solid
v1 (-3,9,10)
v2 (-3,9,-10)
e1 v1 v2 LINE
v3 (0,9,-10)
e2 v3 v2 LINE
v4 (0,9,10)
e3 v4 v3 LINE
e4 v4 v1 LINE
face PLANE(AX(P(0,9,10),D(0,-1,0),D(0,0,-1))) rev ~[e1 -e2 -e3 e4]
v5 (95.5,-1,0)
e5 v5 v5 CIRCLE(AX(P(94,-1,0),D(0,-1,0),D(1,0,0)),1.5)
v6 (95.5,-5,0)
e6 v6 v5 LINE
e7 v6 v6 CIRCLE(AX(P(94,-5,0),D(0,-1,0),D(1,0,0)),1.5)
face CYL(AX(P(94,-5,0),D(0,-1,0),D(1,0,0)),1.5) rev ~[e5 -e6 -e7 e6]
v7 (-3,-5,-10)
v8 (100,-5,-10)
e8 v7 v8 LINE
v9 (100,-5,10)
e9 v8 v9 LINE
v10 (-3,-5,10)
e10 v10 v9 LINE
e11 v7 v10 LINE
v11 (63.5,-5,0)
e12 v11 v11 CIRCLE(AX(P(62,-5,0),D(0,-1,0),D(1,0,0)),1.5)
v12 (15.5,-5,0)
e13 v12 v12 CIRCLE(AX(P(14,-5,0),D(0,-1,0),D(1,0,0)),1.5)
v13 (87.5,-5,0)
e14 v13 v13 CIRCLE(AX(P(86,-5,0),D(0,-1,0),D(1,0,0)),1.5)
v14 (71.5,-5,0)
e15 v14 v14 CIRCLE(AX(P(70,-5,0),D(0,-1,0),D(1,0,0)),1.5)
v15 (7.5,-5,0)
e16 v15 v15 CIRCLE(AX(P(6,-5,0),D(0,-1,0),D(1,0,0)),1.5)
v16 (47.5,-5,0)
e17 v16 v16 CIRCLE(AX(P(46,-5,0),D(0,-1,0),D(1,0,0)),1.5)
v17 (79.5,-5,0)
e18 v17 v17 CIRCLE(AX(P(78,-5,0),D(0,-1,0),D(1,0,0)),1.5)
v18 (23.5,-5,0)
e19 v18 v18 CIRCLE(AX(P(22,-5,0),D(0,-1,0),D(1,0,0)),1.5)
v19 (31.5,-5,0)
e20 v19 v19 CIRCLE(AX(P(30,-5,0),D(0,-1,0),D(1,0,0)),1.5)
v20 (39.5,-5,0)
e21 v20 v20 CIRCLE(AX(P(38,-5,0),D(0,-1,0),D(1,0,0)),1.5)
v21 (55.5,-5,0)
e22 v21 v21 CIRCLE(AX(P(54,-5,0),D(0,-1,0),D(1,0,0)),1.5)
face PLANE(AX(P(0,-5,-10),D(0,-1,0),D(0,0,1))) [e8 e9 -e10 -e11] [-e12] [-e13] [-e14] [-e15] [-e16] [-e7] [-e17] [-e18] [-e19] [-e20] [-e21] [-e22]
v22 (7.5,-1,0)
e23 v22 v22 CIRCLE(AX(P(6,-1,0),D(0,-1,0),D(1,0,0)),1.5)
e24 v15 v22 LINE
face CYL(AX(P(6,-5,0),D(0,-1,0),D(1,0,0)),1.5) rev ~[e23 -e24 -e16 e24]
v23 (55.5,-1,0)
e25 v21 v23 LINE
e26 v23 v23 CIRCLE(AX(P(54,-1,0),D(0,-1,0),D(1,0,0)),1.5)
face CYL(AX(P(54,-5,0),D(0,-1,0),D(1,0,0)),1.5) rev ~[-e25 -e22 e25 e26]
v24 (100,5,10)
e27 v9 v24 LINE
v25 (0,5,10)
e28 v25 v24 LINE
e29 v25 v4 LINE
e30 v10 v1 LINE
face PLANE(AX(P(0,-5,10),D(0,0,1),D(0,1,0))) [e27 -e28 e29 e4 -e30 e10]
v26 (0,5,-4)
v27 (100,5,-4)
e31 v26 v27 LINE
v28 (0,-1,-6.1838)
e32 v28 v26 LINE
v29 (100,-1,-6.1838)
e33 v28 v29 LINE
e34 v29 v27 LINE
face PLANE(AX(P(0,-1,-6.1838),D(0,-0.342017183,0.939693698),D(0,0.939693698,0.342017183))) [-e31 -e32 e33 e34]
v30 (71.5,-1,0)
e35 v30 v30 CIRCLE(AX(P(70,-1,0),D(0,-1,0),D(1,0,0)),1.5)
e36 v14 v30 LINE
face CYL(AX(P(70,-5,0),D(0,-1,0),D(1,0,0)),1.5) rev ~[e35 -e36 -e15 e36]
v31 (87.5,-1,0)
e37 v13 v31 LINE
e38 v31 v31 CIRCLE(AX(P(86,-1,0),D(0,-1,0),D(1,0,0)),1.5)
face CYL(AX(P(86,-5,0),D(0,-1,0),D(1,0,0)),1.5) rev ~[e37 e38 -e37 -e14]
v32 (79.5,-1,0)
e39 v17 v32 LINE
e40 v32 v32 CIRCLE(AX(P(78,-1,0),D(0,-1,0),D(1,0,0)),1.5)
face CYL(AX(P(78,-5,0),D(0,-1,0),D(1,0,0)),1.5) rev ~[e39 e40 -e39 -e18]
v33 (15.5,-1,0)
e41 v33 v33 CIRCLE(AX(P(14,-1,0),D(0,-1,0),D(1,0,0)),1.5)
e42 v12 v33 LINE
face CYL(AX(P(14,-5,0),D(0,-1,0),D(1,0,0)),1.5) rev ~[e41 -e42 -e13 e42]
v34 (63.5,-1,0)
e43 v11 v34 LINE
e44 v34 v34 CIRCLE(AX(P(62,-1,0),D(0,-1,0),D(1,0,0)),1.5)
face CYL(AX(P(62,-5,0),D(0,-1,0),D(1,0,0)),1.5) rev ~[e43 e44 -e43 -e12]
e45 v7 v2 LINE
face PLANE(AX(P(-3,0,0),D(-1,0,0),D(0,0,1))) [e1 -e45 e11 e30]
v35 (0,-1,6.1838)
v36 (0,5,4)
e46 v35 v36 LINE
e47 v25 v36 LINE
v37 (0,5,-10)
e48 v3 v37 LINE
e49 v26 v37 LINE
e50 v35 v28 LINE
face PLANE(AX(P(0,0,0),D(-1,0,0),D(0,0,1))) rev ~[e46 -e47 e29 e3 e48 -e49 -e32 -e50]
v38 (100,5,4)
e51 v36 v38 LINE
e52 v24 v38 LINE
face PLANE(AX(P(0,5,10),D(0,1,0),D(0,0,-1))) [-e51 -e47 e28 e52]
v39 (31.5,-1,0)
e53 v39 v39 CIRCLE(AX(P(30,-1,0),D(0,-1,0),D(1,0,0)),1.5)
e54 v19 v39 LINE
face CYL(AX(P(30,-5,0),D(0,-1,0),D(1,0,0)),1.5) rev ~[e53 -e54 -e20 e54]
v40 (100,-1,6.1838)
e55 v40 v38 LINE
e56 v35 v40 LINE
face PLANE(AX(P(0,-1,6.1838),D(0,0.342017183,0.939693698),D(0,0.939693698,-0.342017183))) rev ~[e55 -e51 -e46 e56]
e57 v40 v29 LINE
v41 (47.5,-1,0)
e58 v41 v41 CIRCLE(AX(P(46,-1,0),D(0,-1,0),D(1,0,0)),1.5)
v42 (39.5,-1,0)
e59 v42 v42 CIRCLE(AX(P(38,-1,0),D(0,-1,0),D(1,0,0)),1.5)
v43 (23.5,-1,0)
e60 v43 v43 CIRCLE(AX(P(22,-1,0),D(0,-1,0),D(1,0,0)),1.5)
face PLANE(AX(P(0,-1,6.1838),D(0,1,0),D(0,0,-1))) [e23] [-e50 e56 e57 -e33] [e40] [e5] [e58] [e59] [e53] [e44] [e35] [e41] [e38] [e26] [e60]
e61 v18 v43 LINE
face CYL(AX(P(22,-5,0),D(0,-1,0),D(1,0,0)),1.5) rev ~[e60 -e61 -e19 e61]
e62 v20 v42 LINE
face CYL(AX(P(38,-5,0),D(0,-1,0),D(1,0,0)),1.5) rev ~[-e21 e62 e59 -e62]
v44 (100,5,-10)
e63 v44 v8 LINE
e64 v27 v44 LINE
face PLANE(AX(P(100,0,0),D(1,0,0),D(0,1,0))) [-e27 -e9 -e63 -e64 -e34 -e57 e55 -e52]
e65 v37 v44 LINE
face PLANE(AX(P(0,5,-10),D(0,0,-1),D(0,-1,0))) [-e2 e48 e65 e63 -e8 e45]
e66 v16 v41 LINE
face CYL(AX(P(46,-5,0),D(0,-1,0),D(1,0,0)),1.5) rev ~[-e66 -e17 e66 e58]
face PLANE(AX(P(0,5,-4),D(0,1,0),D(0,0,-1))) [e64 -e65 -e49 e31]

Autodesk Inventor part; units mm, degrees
ref_plane "YZ Plane" through (0, 0, 0) normal (1, 0, 0) x (0, 1, 0)
ref_plane "XZ Plane" through (0, 0, 0) normal (0, 1, 0) x (-1, 0, 0)
ref_plane "XY Plane" through (0, 0, 0) normal (0, 0, 1) x (1, 0, 0)
sketch "Sketch1" plane through (0, 0, 0) normal (1, 0, 0) x (0, 1, 0)
  line L0 (-5, 10) -> (5, 10)
  line L1 (5, 10) -> (5, -10)
  line L2 (5, -10) -> (-5, -10)
  line L3 (-5, -10) -> (-5, 10)
  line L4 (-5, 10) -> (5, -10) construction
  line L5 (5, 10) -> (-5, -10) construction
  line L6 (-1, 6.1838) -> (-1, -6.1838)
  line L7 (-1, -6.1838) -> (5, -4)
  line L8 (-1, 6.1838) -> (5, 4)
  point P0 (0, 0)
  dimension "d0" = 10
  dimension "d1" = 20
  dimension "d3" = 110
  dimension "d4" = 110
  dimension "d5" = 6
  dimension "d6" = 6
  dimension "d7" = 6
  dimension "d8" = 6
extrude "Extrusion1" add sketch "Sketch1" along normal blind 100 contours L0 L1 L8 L6 L7 L2 L3
sketch "Sketch2" plane through (0, 0, 0) normal (-1, 0, 0) x (0, 0, 1)
  line L0 (-10, -5) -> (-10, 5) projected
  line L1 (-10, -5) -> (10, -5)
  line L2 (10, -5) -> (10, 9)
  line L3 (10, 9) -> (-10, 9)
  line L4 (-10, 9) -> (-10, -5)
  point P0 (0, 0)
  dimension "d11" = 20
  dimension "d12" = 14
extrude "Extrusion2" add sketch "Sketch2" along normal blind 3
sketch "Sketch3" plane through (100, -5, -10) normal (0, -1, 0) x (1, 0, 0)
  circle A0 centre (-6, 10) radius 1.5 projected
  circle A1 centre (-14, 10) radius 1.5 projected
  circle A2 centre (-22, 10) radius 1.5 projected
  circle A3 centre (-30, 10) radius 1.5 projected
  circle A4 centre (-38, 10) radius 1.5 projected
  circle A5 centre (-46, 10) radius 1.5 projected
  circle A6 centre (-54, 10) radius 1.5 projected
  line L0 (-103, 0) -> (0, 0) projected
  line L1 (0, 20) -> (0, 0) projected
  line L2 (0, 20) -> (-103, 20) projected
  line L3 (-103, 0) -> (-103, 20) projected
  circle A7 centre (-62, 10) radius 1.5 projected
  circle A8 centre (-70, 10) radius 1.5 projected
  circle A9 centre (-78, 10) radius 1.5 projected
  circle A10 centre (-86, 10) radius 1.5 projected
  circle A11 centre (-94, 10) radius 1.5 projected
  point P0 (-100, 10)
extrude "Extrusion3" cut sketch "Sketch3" against normal through all contours A0 | A1 | A2 | A3 | A4 | A5 | A6 | A7 | A8 | A9 | A10 | A11
properties part number "prismatic link inner"
